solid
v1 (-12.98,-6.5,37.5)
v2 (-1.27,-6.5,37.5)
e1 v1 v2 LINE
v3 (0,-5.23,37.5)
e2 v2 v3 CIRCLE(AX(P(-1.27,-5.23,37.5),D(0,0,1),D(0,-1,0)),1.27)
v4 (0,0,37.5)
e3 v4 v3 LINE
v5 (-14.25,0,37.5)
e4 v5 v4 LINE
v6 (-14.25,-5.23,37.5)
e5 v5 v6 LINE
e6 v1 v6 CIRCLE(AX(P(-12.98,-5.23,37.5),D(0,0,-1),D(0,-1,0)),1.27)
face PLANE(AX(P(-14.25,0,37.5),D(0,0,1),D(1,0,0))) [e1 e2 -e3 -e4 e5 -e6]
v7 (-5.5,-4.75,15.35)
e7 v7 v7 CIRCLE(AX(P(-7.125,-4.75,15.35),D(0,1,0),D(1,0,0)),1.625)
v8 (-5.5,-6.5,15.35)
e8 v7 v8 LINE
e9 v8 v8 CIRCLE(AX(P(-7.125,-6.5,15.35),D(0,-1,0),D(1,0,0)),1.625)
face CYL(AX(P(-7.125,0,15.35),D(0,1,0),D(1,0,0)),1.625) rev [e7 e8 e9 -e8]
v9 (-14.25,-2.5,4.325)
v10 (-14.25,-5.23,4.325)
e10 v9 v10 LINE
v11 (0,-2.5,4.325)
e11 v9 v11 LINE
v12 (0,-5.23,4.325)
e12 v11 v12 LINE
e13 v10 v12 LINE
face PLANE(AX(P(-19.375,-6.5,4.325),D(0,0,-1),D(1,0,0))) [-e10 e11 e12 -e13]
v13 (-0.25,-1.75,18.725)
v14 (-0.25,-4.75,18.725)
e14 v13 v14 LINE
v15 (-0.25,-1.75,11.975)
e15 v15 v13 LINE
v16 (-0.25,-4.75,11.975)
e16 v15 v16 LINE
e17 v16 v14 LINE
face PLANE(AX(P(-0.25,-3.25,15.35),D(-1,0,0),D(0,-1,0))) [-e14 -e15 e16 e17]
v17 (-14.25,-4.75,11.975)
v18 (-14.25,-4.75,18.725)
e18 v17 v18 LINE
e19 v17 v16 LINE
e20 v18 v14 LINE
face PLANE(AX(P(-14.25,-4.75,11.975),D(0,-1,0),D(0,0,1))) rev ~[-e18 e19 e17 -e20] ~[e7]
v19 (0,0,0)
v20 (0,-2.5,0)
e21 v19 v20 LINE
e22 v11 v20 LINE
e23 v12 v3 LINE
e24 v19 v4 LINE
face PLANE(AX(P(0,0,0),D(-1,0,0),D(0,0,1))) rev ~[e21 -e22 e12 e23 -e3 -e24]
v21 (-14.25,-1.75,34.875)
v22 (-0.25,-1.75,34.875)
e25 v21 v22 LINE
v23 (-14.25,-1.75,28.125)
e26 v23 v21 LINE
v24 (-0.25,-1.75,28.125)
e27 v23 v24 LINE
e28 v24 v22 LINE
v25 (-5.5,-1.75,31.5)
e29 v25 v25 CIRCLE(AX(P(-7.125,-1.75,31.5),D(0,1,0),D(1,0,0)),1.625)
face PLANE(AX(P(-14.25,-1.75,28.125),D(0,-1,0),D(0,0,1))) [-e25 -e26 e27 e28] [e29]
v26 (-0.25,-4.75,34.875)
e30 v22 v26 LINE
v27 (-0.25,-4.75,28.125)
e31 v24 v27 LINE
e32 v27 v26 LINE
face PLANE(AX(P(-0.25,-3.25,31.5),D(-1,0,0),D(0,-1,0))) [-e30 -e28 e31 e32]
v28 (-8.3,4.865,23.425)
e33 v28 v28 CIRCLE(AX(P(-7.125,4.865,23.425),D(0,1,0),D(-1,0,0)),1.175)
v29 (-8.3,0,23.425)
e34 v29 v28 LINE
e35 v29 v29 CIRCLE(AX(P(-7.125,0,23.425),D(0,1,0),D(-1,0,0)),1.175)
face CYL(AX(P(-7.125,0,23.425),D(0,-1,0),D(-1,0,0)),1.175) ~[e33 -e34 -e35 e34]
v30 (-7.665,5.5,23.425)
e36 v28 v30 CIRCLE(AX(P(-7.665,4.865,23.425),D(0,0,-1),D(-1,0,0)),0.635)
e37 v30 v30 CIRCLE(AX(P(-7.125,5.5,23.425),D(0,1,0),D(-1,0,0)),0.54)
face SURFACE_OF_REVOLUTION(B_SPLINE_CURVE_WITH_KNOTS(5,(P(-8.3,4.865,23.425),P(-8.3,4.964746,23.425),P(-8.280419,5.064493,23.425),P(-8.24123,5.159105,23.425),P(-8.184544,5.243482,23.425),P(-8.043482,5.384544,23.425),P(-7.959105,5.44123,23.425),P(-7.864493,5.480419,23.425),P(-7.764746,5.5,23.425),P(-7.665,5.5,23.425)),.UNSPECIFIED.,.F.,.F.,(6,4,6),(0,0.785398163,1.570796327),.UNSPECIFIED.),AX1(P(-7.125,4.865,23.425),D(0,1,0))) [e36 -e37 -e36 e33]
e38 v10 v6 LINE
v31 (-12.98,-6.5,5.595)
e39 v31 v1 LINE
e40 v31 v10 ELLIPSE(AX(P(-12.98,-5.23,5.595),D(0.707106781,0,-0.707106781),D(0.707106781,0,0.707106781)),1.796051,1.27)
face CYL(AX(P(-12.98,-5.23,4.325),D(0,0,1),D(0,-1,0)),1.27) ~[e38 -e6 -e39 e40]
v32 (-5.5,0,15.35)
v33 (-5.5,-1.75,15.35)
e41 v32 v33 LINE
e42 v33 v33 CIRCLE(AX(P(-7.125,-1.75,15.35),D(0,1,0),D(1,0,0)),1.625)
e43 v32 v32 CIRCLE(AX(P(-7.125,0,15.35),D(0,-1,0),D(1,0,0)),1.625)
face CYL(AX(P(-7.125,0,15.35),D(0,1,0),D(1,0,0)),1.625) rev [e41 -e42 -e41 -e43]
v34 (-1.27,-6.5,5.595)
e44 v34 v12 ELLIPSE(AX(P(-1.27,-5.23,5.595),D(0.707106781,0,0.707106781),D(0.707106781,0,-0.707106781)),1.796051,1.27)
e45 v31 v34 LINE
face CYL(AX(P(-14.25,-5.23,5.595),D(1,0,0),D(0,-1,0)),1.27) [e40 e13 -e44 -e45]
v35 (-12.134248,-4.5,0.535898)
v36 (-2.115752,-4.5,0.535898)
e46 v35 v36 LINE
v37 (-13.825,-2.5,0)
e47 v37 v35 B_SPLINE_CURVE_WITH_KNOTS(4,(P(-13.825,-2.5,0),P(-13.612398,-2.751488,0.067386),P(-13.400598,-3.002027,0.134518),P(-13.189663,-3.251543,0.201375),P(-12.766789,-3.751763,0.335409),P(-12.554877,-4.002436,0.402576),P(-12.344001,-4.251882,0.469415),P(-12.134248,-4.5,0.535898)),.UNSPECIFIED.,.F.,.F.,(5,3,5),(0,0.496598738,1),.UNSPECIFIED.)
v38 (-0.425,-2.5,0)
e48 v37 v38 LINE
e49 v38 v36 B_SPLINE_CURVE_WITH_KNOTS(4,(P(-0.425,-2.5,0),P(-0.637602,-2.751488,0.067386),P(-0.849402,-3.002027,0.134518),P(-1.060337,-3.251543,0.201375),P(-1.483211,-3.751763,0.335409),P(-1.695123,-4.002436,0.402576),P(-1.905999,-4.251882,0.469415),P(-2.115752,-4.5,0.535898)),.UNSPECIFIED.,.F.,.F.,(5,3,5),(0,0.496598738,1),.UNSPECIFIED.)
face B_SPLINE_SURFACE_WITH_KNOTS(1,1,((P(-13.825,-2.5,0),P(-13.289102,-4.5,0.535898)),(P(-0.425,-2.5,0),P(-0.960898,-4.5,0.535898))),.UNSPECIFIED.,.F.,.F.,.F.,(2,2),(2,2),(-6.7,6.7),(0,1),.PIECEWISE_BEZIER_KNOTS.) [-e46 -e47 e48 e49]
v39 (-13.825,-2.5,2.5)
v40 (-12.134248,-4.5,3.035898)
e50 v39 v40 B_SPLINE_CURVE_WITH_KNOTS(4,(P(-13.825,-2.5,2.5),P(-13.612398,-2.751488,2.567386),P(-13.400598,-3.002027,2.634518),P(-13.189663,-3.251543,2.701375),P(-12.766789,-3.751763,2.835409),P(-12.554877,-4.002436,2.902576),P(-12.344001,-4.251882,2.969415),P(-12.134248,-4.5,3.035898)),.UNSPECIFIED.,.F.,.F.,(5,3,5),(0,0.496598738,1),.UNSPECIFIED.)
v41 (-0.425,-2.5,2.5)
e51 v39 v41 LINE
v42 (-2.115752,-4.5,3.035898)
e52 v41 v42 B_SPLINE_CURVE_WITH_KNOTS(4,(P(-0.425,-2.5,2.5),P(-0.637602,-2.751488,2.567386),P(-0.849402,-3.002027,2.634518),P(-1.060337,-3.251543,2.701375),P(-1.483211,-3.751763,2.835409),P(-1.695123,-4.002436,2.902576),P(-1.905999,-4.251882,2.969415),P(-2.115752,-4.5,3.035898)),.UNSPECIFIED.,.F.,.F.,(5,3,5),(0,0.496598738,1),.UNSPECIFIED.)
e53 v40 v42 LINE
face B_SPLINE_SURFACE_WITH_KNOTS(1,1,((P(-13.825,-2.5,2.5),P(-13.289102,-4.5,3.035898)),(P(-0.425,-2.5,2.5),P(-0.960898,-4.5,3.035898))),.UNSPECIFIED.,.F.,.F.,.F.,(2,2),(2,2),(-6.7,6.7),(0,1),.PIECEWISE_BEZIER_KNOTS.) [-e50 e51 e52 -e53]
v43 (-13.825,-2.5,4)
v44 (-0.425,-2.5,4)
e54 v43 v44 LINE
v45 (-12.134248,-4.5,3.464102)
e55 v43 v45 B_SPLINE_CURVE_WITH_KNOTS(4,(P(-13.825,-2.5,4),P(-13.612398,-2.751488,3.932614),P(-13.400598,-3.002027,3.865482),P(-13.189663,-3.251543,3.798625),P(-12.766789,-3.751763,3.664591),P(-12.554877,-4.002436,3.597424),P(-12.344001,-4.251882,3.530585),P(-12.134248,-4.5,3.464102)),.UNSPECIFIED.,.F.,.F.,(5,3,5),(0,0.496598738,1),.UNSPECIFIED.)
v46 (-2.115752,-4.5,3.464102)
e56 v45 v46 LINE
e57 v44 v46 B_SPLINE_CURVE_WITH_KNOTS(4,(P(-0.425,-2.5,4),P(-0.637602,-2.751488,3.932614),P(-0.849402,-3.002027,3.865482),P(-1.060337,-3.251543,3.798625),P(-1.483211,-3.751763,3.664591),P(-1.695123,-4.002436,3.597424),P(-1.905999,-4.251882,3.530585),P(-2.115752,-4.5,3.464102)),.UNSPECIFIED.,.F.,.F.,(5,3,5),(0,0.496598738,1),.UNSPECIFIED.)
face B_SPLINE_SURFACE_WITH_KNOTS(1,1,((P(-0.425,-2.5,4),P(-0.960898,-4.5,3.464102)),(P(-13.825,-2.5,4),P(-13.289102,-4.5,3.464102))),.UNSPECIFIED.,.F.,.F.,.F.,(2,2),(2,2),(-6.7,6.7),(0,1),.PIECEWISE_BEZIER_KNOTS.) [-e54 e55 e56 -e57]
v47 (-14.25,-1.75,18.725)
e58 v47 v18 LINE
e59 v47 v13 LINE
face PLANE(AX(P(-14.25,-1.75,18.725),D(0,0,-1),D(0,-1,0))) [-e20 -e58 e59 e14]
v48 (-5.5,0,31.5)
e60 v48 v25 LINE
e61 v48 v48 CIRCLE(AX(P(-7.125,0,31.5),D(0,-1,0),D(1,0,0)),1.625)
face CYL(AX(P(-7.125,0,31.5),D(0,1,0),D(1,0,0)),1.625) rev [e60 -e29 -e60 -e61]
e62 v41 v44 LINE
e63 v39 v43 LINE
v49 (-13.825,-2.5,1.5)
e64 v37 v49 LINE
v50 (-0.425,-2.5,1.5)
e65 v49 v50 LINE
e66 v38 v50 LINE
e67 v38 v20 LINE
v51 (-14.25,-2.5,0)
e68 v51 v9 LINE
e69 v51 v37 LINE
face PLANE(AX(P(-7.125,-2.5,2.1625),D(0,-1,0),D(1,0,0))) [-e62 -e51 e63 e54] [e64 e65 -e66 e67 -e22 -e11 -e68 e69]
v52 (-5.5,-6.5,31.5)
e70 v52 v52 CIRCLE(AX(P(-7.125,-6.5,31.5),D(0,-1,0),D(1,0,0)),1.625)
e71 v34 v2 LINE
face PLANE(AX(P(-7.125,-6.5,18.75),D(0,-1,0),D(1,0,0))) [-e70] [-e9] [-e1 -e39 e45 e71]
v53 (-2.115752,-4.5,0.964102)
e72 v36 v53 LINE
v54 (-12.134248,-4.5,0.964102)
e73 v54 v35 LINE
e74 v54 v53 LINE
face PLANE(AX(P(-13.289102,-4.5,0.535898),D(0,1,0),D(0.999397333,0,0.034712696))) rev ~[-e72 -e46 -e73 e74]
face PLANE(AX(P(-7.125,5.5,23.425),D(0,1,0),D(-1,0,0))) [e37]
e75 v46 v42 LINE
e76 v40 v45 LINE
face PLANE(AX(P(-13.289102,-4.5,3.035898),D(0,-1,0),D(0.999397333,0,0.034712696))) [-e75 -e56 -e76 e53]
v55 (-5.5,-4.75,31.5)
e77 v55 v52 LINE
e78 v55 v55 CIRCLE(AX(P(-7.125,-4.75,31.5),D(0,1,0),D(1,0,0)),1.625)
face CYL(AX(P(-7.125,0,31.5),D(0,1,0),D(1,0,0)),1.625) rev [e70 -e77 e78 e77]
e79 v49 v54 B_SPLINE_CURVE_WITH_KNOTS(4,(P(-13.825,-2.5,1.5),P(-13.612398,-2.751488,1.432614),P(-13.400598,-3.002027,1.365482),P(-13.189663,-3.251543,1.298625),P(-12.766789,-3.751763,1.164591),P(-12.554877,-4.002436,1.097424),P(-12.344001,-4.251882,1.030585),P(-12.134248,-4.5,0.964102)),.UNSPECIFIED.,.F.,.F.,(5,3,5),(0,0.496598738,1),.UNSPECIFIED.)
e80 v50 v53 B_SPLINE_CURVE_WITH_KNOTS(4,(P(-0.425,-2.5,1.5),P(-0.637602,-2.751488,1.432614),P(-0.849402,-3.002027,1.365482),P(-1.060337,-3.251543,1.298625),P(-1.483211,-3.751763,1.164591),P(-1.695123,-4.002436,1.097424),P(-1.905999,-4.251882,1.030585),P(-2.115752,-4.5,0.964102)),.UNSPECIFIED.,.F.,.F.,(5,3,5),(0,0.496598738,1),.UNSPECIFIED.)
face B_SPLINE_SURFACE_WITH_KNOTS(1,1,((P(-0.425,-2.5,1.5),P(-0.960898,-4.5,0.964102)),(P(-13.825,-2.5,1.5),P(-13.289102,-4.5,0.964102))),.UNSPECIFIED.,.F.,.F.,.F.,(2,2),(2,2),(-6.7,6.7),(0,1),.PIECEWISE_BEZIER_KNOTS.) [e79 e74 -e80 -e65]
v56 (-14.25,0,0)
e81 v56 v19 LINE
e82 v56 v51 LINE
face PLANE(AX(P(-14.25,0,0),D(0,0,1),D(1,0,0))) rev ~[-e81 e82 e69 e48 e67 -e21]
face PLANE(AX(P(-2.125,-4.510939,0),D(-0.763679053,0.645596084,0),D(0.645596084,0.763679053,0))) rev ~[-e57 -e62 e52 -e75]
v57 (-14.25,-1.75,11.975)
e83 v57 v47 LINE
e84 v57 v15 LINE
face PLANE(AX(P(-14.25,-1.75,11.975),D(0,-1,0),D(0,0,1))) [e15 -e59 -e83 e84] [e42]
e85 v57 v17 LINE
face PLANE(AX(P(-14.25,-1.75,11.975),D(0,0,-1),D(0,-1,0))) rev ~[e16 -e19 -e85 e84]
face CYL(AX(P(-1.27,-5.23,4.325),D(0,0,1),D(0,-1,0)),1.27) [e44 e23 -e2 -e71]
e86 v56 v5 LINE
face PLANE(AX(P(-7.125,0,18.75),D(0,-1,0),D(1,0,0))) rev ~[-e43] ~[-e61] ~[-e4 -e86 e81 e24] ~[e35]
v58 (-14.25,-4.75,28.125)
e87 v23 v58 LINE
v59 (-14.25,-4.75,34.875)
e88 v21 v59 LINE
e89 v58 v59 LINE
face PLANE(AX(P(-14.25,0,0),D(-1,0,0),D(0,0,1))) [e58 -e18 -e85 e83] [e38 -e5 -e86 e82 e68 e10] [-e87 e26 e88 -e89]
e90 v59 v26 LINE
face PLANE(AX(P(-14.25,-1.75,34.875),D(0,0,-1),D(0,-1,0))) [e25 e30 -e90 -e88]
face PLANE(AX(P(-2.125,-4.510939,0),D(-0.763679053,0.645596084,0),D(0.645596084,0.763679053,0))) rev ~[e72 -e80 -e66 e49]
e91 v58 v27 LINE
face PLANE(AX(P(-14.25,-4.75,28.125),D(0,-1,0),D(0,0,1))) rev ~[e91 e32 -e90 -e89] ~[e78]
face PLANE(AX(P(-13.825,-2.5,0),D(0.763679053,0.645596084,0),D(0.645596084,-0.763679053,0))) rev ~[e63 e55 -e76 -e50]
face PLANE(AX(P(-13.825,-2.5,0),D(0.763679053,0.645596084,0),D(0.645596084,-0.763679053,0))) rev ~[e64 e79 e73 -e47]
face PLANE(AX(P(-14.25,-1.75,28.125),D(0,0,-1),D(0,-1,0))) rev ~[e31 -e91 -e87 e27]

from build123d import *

# Parameters (mm, degrees)
F0_W      = 14.25
F0_H      = 37.5
F0_R      = 1.625
F0_R_2    = 1.5
F1_DEPTH  = 6.5
F2_R      = 1.175
F3_DEPTH  = 5.5
F4_R      = 0.635
F5_W      = 3
F5_H      = 6.75
F6_DEPTH  = 14
F7_W      = 24.5
F7_H      = 4.325
F8_DEPTH  = 4
F9_W      = 13.4
F9_H      = 1.5
F10_DEPTH = 2
F10_TAPER = 15
F12_DEPTH = 4
F13_R     = 1.27


with BuildPart() as f1:
    # F0 (on Front) → F1 (new body)
    with BuildSketch(Plane.XZ):
        with Locations((-7.125, 18.75)):
            Rectangle(F0_W, F0_H)
        with Locations((-7.125, 15.35)):
            Circle(F0_R, mode=Mode.SUBTRACT)
        with Locations((-7.125, 23.425)):
            Circle(F0_R_2, mode=Mode.SUBTRACT)
        with Locations((-7.125, 31.5)):
            Circle(F0_R, mode=Mode.SUBTRACT)
        with Locations((-7.125, 23.425)):
            Circle(F0_R_2)
    extrude(amount=F1_DEPTH)

    # F2 (on face) → F3 (join)
    with BuildSketch(Plane(origin=(0, 0, 0), x_dir=(-1, 0, 0), z_dir=(0, 1, 0))):
        with Locations((7.125, 23.425)):
            Circle(F2_R)
    extrude(amount=F3_DEPTH)

    # F4
    f4_edges = [f1.edges().sort_by_distance(p)[0] for p in [
        (-5.95, 5.5, 23.425),
    ]]
    fillet(f4_edges, radius=F4_R)

    # F5 (on face) → F6 (cut)
    with BuildSketch(Plane(origin=(-14.25, 0, 0), x_dir=(0, -1, 0), z_dir=(-1, 0, 0))):
        with Locations((3.25, 31.5)):
            Rectangle(F5_W, F5_H)
        with Locations((3.25, 15.35)):
            Rectangle(F5_W, F5_H)
    extrude(amount=-F6_DEPTH, mode=Mode.SUBTRACT)

    # F7 (on face) → F8 (cut)
    with BuildSketch(Plane.XZ.offset(6.5)):
        with Locations((-7.125, 2.1625)):
            Rectangle(F7_W, F7_H)
    extrude(amount=-F8_DEPTH, mode=Mode.SUBTRACT)

    # F9 (on face) → F10 (join)
    with BuildSketch(Plane.XZ.offset(2.5)):
        with Locations((-7.125, 0.75)):
            Rectangle(F9_W, F9_H)
        with Locations((-7.125, 3.25)):
            Rectangle(F9_W, F9_H)
    extrude(amount=F10_DEPTH, taper=F10_TAPER)

    # F11 (on face) → F12 (cut)
    with BuildSketch(Plane(origin=(0, 0, 0), x_dir=(1, 0, 0), z_dir=(0, 0, -1))):
        Polygon((-14.25, 4.8693548888), (-14.25, 2.5), (-13.825, 2.5), (-12.125, 4.5109390723), (-2.125, 4.5109390723), (-0.425, 2.5), (0, 2.5), (0, 4.8693548888), align=None)
    extrude(amount=-F12_DEPTH, mode=Mode.SUBTRACT)

    # F13
    f13_edges = [f1.edges().sort_by_distance(p)[0] for p in [
        (-7.125, -6.5, 4.325),
        (-14.25, -6.5, 20.9125),
        (0, -6.5, 20.9125),
    ]]
    fillet(f13_edges, radius=F13_R)


solid = f1.part
